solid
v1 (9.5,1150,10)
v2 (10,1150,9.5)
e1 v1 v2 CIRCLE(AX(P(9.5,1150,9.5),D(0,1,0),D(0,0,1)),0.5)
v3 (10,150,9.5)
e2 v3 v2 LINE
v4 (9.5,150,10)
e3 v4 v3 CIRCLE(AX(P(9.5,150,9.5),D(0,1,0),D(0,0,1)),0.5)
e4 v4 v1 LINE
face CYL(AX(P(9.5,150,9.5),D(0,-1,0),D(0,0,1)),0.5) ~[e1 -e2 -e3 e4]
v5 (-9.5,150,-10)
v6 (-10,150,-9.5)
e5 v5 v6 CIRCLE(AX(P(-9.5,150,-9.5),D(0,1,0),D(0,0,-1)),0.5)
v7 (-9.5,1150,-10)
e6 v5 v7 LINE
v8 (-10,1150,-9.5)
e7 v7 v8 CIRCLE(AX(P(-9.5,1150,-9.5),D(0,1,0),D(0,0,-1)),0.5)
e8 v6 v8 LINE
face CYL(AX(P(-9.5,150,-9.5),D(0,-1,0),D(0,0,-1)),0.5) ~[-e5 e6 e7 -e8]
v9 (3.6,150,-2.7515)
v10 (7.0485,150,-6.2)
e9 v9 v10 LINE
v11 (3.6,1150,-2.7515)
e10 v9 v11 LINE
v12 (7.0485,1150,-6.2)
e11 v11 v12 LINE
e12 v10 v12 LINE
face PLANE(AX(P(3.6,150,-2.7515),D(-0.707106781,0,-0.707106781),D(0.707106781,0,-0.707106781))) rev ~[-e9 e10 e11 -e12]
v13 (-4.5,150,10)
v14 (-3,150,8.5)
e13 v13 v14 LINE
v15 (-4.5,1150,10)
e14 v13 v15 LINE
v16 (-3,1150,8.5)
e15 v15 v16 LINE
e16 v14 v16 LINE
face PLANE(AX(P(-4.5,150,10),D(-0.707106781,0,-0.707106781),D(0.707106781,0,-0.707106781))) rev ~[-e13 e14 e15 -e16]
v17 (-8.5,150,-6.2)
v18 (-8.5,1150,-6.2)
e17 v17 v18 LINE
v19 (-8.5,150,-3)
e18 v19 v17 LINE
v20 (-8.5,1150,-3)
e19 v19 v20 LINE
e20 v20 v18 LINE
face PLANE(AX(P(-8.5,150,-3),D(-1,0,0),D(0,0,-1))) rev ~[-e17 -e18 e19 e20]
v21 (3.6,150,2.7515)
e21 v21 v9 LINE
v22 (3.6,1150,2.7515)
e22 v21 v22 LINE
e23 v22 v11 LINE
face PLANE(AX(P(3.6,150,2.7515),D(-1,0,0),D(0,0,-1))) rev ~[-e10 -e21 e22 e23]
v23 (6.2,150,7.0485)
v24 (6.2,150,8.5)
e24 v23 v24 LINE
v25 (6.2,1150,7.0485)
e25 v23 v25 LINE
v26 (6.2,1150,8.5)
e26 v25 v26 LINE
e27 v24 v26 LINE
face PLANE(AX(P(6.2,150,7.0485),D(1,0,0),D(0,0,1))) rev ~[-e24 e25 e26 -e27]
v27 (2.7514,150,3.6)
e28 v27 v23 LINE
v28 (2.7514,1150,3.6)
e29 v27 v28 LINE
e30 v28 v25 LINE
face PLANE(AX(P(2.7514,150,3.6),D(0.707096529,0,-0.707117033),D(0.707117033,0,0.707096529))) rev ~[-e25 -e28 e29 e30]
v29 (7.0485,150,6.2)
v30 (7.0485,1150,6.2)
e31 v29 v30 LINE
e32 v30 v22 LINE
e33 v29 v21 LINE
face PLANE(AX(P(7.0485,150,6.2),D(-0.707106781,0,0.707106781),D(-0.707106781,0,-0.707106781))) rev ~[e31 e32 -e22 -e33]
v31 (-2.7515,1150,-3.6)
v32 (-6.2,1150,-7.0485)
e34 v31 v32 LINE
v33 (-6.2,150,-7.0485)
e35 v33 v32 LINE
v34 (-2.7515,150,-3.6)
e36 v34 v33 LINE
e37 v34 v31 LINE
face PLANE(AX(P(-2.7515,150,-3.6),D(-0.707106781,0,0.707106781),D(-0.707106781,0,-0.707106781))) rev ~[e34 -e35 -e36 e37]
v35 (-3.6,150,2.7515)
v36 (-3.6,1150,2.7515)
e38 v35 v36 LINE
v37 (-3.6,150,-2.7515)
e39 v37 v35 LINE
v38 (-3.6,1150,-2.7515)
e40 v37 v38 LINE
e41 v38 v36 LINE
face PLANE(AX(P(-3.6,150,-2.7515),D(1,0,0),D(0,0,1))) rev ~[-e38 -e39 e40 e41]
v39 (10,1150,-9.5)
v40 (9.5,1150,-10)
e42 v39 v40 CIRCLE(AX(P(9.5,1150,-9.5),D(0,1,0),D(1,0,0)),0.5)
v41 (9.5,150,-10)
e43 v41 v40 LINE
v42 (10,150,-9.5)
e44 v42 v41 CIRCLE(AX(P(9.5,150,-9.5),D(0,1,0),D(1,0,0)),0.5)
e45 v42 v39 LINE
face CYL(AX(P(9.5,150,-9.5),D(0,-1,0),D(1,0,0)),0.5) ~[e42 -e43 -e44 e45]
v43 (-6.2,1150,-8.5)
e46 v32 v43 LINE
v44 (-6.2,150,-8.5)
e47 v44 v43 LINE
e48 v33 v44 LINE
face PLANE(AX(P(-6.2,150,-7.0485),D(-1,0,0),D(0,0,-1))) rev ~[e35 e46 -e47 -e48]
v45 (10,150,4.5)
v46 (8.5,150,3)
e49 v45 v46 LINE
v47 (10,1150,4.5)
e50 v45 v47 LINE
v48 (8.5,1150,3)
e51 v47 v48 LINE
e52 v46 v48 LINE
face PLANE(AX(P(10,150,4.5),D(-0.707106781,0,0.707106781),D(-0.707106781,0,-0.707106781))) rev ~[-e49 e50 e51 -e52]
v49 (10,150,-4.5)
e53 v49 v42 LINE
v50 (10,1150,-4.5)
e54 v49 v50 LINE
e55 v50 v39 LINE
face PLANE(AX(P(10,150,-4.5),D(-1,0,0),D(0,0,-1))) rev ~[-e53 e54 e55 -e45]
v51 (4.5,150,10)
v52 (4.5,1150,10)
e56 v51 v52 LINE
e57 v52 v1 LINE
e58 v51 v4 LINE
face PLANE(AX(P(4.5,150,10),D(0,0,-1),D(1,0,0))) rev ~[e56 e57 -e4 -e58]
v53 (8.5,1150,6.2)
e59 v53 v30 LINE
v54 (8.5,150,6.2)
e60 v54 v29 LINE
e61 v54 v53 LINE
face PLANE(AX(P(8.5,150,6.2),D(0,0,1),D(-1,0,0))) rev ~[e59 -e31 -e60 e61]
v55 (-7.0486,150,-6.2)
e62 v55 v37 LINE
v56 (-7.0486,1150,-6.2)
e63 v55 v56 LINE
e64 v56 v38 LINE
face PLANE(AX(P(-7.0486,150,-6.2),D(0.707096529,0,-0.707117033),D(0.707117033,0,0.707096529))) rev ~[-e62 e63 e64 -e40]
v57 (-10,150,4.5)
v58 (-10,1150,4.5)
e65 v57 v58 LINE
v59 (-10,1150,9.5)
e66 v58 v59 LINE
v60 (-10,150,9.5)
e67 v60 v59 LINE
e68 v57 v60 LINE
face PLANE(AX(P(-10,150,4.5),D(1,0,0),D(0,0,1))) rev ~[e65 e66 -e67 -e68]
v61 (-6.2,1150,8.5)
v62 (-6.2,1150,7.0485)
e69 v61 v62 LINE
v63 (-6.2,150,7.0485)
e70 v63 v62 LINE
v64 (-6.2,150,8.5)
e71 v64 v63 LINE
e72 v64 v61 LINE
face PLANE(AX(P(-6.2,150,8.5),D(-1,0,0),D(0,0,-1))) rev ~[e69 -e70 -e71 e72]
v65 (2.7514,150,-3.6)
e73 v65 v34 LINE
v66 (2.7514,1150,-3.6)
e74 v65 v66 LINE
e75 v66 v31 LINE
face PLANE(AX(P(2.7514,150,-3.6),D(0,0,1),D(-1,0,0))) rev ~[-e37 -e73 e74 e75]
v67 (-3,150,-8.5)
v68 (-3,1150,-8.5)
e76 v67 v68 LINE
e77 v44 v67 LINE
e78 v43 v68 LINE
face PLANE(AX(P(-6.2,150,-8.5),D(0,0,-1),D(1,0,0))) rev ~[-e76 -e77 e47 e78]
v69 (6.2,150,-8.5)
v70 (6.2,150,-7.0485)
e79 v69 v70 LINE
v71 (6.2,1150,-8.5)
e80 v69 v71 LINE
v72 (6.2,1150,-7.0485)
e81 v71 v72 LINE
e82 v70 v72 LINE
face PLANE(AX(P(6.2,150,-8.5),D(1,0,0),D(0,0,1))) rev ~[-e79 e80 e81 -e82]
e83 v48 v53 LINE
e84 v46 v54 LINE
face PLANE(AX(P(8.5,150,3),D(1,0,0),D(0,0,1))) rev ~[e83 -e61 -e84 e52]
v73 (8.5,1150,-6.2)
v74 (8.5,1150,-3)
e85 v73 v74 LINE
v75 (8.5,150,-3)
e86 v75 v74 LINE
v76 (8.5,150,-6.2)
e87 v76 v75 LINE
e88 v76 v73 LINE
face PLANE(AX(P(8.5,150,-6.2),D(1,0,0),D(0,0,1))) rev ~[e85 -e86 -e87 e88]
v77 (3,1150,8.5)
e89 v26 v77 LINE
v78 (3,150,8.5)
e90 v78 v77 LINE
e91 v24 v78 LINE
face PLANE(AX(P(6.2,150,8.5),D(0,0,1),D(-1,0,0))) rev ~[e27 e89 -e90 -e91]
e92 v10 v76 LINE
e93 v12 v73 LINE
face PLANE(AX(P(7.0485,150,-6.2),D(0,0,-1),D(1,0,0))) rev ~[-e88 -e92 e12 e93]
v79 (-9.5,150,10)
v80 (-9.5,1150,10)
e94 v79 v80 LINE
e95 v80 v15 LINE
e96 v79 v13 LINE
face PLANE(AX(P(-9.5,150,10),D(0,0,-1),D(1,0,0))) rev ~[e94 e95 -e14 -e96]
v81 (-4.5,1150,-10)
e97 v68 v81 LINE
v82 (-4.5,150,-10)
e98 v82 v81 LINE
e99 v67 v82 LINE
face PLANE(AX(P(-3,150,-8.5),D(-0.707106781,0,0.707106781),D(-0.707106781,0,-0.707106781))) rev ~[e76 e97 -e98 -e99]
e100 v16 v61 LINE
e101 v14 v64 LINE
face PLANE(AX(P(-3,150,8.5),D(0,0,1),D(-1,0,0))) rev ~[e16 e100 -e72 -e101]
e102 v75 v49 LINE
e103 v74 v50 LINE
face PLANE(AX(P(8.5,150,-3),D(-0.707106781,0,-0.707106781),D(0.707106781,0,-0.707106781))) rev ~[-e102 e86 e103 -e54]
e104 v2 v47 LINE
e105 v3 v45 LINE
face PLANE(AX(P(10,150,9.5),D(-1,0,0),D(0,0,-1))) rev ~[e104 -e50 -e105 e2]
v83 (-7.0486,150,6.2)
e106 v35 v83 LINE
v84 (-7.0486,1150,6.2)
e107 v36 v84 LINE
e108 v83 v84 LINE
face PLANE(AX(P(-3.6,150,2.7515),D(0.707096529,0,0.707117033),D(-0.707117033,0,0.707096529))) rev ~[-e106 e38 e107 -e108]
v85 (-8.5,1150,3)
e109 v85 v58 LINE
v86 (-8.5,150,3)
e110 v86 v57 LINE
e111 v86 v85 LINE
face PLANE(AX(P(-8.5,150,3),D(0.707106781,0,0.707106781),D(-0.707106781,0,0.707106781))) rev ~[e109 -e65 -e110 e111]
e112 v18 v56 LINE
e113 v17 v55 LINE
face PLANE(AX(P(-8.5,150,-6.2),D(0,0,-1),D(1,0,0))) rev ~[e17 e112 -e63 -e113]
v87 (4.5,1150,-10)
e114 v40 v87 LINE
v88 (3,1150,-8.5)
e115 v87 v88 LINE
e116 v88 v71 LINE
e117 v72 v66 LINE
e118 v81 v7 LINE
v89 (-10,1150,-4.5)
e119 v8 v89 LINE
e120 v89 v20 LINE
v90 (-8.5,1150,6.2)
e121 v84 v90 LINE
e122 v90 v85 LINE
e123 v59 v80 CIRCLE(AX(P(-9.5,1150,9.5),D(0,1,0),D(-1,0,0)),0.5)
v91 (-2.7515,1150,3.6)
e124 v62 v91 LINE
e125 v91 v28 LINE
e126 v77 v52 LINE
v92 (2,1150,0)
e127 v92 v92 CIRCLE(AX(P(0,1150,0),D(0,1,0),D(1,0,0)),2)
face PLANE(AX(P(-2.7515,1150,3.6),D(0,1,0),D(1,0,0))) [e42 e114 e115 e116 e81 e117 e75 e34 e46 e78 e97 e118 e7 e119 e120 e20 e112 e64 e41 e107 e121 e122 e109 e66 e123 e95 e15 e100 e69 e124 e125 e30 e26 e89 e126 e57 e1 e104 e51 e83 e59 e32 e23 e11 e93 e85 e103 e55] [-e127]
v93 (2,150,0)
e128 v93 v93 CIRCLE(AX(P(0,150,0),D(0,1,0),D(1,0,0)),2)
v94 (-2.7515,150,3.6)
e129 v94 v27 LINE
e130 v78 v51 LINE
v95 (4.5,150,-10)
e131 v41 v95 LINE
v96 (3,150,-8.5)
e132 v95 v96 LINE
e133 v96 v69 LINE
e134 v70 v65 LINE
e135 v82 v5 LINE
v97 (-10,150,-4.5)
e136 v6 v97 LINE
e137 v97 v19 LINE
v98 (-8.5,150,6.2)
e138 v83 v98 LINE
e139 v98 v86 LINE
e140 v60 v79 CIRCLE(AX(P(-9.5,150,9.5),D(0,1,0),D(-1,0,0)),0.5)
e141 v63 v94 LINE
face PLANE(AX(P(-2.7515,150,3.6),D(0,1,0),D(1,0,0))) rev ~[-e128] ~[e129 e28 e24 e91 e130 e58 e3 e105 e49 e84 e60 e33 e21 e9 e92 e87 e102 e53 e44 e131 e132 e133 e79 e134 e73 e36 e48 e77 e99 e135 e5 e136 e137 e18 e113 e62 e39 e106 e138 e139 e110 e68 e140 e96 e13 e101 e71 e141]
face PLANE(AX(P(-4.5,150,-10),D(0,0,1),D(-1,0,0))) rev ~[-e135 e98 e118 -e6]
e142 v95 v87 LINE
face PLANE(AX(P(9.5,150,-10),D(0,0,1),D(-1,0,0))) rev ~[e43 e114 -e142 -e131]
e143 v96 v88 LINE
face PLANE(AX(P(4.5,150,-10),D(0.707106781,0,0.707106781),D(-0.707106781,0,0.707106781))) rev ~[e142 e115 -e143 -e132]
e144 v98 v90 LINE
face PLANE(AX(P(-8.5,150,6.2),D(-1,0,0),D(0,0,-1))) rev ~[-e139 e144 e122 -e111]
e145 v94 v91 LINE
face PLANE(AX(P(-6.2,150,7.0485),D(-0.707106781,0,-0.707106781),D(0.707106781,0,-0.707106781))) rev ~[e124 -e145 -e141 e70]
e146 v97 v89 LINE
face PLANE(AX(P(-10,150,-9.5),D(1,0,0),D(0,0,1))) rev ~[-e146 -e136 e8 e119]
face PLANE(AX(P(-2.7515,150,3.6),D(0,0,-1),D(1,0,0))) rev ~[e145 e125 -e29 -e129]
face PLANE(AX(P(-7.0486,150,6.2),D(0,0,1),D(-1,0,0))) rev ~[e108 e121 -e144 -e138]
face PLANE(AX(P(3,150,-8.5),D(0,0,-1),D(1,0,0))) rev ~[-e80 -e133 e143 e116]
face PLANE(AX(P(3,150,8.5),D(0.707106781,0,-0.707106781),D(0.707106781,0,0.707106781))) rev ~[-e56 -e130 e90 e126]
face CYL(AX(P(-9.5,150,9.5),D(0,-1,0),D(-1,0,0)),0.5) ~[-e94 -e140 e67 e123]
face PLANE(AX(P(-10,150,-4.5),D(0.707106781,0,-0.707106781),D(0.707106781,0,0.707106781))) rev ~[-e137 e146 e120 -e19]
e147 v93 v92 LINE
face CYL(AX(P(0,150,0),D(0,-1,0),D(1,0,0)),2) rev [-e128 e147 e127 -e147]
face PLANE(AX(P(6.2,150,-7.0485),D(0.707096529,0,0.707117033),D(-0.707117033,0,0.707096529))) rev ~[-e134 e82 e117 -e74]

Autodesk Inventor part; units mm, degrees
ref_plane "YZ Plane" through (0, 0, 0) normal (1, 0, 0) x (0, 1, 0)
ref_plane "XZ Plane" through (0, 0, 0) normal (0, 1, 0) x (-1, 0, 0)
ref_plane "Work Plane1" through (-2.7515, 150, 3.6) normal (0, 1, 0) x (1, 0, 0)
sketch "Sketch1" plane through (-2.7515, 150, 3.6) normal (0, 1, 0) x (1, 0, 0)
  arc A0 (-6.7485, 13.6) -> (-7.2485, 13.1) centre (-6.7485, 13.1) ccw projected
  line L0 (-7.2485, 13.1) -> (-7.2485, 8.1) projected
  line L1 (-7.2485, 8.1) -> (-5.7485, 6.6) projected
  line L2 (-5.7485, 6.6) -> (-5.7485, 9.8) projected
  line L3 (-5.7485, 9.8) -> (-4.2971, 9.8) projected
  line L4 (-4.2971, 9.8) -> (-0.8485, 6.3515) projected
  line L5 (-0.8485, 6.3515) -> (-0.8485, 0.8485) projected
  line L6 (-0.8485, 0.8485) -> (-4.2971, -2.6) projected
  line L7 (-4.2971, -2.6) -> (-5.7485, -2.6) projected
  line L8 (-5.7485, -2.6) -> (-5.7485, 0.6) projected
  line L9 (-5.7485, 0.6) -> (-7.2485, -0.9) projected
  line L10 (-7.2485, -0.9) -> (-7.2485, -5.9) projected
  arc A1 (-7.2485, -5.9) -> (-6.7485, -6.4) centre (-6.7485, -5.9) ccw projected
  line L11 (-6.7485, -6.4) -> (-1.7485, -6.4) projected
  line L12 (-1.7485, -6.4) -> (-0.2485, -4.9) projected
  line L13 (-0.2485, -4.9) -> (-3.4485, -4.9) projected
  line L14 (-3.4485, -4.9) -> (-3.4485, -3.4485) projected
  line L15 (-3.4485, -3.4485) -> (0, 0) projected
  line L16 (0, 0) -> (5.5029, 0) projected
  line L17 (5.5029, 0) -> (8.9515, -3.4485) projected
  line L18 (8.9515, -3.4485) -> (8.9515, -4.9) projected
  line L19 (8.9515, -4.9) -> (5.7515, -4.9) projected
  line L20 (5.7515, -4.9) -> (7.2515, -6.4) projected
  line L21 (7.2515, -6.4) -> (12.2515, -6.4) projected
  arc A2 (12.2515, -6.4) -> (12.7515, -5.9) centre (12.2515, -5.9) ccw projected
  line L22 (12.7515, -5.9) -> (12.7515, -0.9) projected
  line L23 (12.7515, -0.9) -> (11.2515, 0.6) projected
  line L24 (11.2515, 0.6) -> (11.2515, -2.6) projected
  line L25 (11.2515, -2.6) -> (9.8, -2.6) projected
  line L26 (9.8, -2.6) -> (6.3515, 0.8485) projected
  line L27 (6.3515, 0.8485) -> (6.3515, 6.3515) projected
  line L28 (6.3515, 6.3515) -> (9.8, 9.8) projected
  line L29 (9.8, 9.8) -> (11.2515, 9.8) projected
  line L30 (11.2515, 9.8) -> (11.2515, 6.6) projected
  line L31 (11.2515, 6.6) -> (12.7515, 8.1) projected
  line L32 (12.7515, 8.1) -> (12.7515, 13.1) projected
  arc A3 (12.7515, 13.1) -> (12.2515, 13.6) centre (12.2515, 13.1) ccw projected
  line L33 (12.2515, 13.6) -> (7.2515, 13.6) projected
  line L34 (7.2515, 13.6) -> (5.7515, 12.1) projected
  line L35 (5.7515, 12.1) -> (8.9515, 12.1) projected
  line L36 (8.9515, 12.1) -> (8.9515, 10.6485) projected
  line L37 (8.9515, 10.6485) -> (5.5029, 7.2) projected
  line L38 (5.5029, 7.2) -> (0, 7.2) projected
  line L39 (0, 7.2) -> (-3.4485, 10.6485) projected
  line L40 (-3.4485, 10.6485) -> (-3.4485, 12.1) projected
  line L41 (-3.4485, 12.1) -> (-0.2485, 12.1) projected
  line L42 (-0.2485, 12.1) -> (-1.7485, 13.6) projected
  line L43 (-1.7485, 13.6) -> (-6.7485, 13.6) projected
  circle A4 centre (2.7515, 3.6) radius 2 projected
extrude "Extrusion1" add sketch "Sketch1" along normal blind 1000
ref_plane "Work Plane2" through (0, 150, -9.5) normal (1, 0, 0) x (0, 0, -1)
ref_plane "Work Plane3" through (-4.5, 150, 0) normal (0, 0, 1) x (1, 0, 0)
ref_plane "Work Plane4" through (-2.7515, 1050, 3.6) normal (0, 1, 0) x (1, 0, 0)
ref_plane "Work Plane5" through (-2.7515, 250, 3.6) normal (0, -1, 0) x (1, 0, 0)
properties part number "20x20mmx150mm alminum profile" material "Aluminum 6061"
